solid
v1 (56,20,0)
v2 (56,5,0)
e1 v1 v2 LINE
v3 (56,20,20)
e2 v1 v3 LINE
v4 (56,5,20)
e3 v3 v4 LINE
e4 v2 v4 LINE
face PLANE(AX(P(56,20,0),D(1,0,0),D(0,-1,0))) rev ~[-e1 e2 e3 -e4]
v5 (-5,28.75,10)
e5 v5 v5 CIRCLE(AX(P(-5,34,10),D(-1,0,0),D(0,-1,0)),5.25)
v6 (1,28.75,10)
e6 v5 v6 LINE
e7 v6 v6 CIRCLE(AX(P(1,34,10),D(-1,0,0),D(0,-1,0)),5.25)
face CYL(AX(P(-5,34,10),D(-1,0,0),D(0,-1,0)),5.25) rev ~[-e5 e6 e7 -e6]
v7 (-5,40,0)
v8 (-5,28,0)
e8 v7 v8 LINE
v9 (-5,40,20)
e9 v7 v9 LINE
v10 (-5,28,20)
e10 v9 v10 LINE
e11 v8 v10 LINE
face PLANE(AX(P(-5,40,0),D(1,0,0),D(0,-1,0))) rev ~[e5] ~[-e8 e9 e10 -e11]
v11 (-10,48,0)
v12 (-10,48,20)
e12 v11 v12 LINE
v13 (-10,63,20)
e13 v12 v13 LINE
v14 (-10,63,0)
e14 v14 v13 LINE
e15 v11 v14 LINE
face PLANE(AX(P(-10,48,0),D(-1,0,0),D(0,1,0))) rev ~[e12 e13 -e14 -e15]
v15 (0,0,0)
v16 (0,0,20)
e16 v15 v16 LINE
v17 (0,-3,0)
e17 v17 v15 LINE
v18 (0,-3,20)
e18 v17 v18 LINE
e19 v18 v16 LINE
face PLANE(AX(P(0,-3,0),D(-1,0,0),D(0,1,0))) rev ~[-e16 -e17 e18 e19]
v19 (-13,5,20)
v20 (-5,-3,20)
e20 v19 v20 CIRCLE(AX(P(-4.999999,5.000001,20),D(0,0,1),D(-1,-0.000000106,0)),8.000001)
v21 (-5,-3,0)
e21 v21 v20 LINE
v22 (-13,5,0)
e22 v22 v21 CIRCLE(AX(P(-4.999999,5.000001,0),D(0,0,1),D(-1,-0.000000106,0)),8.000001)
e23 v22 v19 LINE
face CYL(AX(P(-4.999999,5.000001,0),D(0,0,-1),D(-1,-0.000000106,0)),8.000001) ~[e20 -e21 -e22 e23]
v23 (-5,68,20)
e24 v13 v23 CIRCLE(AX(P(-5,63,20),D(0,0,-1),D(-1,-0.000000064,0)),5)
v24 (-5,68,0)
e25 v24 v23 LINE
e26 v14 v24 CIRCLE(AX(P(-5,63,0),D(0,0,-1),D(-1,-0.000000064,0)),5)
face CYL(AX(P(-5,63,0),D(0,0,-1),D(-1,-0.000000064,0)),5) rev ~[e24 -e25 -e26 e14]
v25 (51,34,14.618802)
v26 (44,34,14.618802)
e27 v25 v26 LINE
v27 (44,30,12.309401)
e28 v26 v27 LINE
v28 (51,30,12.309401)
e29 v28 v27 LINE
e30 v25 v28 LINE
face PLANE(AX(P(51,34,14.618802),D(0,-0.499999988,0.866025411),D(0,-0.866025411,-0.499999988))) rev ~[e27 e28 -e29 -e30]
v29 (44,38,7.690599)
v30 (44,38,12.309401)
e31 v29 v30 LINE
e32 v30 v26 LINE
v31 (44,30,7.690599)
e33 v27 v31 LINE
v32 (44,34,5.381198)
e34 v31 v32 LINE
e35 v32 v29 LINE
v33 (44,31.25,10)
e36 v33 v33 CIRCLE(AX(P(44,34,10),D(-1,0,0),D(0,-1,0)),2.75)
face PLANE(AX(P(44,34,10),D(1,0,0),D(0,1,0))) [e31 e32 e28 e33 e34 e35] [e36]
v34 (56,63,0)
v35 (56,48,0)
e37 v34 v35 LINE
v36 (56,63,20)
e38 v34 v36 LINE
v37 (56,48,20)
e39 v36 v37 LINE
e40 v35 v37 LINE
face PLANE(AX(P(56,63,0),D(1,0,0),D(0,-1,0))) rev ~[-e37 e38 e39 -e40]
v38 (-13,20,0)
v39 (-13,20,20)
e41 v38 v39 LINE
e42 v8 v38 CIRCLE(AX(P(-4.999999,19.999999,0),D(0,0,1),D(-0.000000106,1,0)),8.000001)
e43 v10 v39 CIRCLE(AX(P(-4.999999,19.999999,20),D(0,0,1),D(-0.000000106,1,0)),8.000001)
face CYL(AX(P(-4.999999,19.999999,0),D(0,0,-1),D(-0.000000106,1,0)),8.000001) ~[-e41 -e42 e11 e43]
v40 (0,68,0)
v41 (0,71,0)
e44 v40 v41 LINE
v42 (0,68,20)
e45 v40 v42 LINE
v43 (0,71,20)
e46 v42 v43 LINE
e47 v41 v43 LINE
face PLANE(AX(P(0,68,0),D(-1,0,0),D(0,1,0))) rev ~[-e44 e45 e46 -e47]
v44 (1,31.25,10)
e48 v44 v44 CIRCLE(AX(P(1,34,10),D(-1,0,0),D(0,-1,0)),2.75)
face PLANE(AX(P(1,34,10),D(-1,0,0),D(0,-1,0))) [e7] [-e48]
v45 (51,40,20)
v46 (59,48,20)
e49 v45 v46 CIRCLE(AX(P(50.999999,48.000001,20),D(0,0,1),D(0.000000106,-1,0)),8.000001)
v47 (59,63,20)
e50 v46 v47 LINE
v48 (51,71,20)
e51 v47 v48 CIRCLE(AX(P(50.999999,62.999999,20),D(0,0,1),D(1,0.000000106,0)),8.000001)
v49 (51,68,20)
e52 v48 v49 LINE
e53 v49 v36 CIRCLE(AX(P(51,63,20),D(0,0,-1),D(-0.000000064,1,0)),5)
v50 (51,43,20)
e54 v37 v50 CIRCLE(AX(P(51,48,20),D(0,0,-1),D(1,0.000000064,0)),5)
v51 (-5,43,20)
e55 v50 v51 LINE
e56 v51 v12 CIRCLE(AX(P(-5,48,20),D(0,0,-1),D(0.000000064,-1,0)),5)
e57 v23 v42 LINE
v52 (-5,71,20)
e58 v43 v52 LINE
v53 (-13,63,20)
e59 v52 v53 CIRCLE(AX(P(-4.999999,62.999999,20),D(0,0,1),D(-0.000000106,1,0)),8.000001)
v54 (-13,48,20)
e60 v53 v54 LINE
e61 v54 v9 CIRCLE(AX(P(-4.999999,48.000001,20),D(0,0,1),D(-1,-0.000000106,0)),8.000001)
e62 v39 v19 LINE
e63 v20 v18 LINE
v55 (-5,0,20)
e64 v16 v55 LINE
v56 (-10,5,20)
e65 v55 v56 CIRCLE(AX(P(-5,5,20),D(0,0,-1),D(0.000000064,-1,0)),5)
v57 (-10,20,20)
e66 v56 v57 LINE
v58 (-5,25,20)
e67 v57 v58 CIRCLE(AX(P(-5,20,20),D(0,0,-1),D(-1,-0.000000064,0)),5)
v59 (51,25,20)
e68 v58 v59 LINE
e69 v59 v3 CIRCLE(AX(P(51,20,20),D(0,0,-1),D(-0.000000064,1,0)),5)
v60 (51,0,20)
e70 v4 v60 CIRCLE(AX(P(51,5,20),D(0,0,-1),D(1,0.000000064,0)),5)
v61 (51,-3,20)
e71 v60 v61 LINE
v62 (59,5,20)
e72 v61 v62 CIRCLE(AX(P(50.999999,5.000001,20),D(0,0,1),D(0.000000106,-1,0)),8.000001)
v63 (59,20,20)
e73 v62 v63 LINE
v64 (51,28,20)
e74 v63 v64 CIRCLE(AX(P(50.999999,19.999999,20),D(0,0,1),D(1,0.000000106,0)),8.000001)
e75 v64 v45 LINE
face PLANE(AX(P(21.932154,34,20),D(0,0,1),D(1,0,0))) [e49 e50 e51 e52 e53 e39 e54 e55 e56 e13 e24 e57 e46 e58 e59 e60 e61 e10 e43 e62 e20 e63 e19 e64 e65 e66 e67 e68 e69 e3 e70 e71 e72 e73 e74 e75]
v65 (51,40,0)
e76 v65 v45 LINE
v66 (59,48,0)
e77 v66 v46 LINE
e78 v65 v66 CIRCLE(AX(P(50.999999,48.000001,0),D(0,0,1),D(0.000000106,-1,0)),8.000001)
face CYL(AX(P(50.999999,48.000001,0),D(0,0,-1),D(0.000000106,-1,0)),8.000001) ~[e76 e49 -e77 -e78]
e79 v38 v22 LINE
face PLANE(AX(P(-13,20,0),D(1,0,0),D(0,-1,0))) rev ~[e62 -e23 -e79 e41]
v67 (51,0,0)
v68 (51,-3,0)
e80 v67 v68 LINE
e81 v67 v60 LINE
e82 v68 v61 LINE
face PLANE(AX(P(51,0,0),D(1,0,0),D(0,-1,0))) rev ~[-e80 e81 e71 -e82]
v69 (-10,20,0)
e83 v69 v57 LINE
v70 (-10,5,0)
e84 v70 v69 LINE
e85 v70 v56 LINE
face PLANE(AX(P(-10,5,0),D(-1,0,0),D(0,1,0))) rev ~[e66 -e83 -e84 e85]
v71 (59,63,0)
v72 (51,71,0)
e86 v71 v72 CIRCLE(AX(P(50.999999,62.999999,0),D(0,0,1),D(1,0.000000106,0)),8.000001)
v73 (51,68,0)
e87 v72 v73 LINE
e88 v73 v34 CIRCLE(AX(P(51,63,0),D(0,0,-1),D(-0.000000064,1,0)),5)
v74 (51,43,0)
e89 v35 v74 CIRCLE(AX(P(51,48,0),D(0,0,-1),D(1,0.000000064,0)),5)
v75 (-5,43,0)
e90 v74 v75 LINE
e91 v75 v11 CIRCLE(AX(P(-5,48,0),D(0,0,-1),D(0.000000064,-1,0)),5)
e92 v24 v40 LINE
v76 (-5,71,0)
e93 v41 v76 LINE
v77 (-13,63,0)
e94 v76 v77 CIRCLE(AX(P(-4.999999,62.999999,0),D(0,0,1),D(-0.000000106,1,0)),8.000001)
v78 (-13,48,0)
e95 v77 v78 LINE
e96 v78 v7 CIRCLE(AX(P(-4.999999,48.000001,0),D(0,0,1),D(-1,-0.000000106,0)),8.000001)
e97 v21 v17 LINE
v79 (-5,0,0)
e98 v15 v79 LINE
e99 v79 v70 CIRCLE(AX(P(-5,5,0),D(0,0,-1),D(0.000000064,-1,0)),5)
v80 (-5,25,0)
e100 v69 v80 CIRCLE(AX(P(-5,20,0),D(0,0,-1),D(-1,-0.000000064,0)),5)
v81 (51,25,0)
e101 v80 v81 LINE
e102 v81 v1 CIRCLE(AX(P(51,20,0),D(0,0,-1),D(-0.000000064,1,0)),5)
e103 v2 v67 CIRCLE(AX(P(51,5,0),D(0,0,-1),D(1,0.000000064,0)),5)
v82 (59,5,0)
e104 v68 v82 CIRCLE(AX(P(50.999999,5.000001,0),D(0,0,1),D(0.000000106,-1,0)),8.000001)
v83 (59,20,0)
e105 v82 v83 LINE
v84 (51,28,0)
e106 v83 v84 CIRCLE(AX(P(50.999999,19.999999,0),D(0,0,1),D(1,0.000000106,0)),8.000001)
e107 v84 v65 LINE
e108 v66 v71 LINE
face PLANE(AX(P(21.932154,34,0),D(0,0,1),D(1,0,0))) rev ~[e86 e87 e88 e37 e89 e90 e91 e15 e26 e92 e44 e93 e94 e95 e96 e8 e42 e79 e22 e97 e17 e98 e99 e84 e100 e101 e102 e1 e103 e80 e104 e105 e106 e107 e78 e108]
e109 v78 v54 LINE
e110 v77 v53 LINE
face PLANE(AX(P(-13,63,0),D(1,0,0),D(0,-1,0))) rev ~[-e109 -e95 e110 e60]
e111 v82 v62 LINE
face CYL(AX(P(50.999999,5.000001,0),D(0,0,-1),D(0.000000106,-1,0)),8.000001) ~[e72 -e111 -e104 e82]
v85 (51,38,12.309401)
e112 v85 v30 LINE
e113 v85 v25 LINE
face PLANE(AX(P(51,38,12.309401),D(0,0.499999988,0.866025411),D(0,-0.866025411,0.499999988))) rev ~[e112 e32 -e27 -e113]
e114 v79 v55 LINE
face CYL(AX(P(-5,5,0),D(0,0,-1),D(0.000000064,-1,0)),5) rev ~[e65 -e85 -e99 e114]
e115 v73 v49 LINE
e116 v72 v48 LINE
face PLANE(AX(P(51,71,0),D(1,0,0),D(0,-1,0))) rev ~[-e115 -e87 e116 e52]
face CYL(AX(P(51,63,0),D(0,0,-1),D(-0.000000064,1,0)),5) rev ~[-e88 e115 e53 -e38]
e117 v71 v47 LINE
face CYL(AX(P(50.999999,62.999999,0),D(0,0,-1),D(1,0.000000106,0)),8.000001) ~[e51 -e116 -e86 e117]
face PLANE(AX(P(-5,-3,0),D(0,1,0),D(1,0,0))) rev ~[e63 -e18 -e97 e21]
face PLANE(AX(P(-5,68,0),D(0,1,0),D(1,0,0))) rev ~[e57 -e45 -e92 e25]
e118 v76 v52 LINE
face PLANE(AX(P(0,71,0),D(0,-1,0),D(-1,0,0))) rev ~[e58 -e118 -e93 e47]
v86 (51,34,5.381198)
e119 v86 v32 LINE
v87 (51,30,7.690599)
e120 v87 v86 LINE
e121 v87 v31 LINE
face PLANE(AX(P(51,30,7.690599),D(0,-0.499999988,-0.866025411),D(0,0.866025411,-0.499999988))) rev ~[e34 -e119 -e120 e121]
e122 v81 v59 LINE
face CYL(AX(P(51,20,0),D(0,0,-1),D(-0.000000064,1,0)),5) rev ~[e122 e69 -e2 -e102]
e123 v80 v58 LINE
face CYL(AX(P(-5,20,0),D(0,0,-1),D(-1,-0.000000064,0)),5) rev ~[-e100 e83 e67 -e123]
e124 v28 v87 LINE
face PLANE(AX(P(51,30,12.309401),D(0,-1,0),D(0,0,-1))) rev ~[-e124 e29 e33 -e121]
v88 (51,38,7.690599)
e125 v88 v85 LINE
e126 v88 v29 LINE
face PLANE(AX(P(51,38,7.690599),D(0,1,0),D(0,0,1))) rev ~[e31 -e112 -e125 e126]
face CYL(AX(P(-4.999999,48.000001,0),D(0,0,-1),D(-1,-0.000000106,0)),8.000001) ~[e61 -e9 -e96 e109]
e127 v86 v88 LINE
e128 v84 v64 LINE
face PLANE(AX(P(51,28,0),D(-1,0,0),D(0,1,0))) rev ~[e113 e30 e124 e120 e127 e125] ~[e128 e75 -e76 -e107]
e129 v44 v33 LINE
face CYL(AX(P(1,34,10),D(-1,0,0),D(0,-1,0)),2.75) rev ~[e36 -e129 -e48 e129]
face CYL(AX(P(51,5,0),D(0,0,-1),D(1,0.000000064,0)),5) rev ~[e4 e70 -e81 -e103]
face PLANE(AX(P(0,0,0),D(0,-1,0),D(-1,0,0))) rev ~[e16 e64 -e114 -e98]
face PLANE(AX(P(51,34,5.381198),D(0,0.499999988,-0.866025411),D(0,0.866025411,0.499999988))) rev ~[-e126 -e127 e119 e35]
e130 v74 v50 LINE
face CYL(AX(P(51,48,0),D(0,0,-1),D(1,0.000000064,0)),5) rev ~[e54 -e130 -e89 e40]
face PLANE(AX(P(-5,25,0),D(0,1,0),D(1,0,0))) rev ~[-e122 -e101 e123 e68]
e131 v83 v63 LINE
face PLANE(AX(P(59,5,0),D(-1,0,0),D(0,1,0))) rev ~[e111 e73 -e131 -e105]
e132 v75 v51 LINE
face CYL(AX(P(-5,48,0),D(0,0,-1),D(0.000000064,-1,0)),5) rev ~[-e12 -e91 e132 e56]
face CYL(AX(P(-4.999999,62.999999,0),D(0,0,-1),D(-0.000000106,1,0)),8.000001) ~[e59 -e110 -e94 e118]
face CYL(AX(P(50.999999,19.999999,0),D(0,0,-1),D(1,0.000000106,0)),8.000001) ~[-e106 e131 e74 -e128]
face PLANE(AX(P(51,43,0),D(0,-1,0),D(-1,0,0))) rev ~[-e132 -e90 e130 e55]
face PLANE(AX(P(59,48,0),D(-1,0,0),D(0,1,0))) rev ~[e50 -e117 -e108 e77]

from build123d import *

# Parameters (mm, degrees)
F1_DEPTH = 20
F2_R     = 5.25
F3_DEPTH = 6
F5_DEPTH = 7
F6_R     = 2.75
F7_DEPTH = 58.001


with BuildPart() as f1:
    # F0 (on Top) → F1 (new body)
    with BuildSketch(Plane.XY):
        with BuildLine():
            ThreePointArc((-5, 0), (-8.535534, 1.464466), (-10, 5))
            Line((-10, 5), (-10, 20))
            ThreePointArc((-10, 20), (-8.535534, 23.535534), (-5, 25))
            Line((-5, 25), (51, 25))
            ThreePointArc((51, 25), (54.535534, 23.535534), (56, 20))
            Line((56, 20), (56, 5))
            ThreePointArc((56, 5), (54.535534, 1.464466), (51, 0))
            Line((51, 0), (51, -3))
            ThreePointArc((51, -3), (56.656854, -0.656854), (59, 5))
            Line((59, 5), (59, 20))
            ThreePointArc((59, 20), (56.656854, 25.656854), (51, 28))
            Line((51, 28), (51, 40))
            ThreePointArc((51, 40), (56.656854, 42.343146), (59, 48))
            Line((59, 48), (59, 63))
            ThreePointArc((59, 63), (56.656854, 68.656854), (51, 71))
            Line((51, 71), (51, 68))
            ThreePointArc((51, 68), (54.535534, 66.535534), (56, 63))
            Line((56, 63), (56, 48))
            ThreePointArc((56, 48), (54.535534, 44.464466), (51, 43))
            Line((51, 43), (-5, 43))
            ThreePointArc((-5, 43), (-8.535534, 44.464466), (-10, 48))
            Line((-10, 48), (-10, 63))
            ThreePointArc((-10, 63), (-8.535534, 66.535534), (-5, 68))
            Line((-5, 68), (0, 68))
            Line((0, 68), (0, 71))
            Line((0, 71), (-5, 71))
            ThreePointArc((-5, 71), (-10.656854, 68.656854), (-13, 63))
            Line((-13, 63), (-13, 48))
            ThreePointArc((-13, 48), (-10.656854, 42.343146), (-5, 40))
            Line((-5, 40), (-5, 28))
            ThreePointArc((-5, 28), (-10.656854, 25.656854), (-13, 20))
            Line((-13, 20), (-13, 5))
            ThreePointArc((-13, 5), (-10.656854, -0.656854), (-5, -3))
            Line((-5, -3), (0, -3))
            Line((0, -3), (0, 0))
            Line((0, 0), (-5, 0))
        make_face()
    extrude(amount=F1_DEPTH)

    # F2 (on face) → F3 (cut)
    with BuildSketch(Plane(origin=(-5, 0, 0), x_dir=(0, -1, 0), z_dir=(-1, 0, 0))):
        with Locations((-34, 10)):
            Circle(F2_R)
    extrude(amount=-F3_DEPTH, mode=Mode.SUBTRACT)

    # F4 (on face) → F5 (cut)
    with BuildSketch(Plane.YZ.offset(51)):
        Polygon((38, 7.690599), (38, 12.309401), (34, 14.618802), (30, 12.309401), (30, 7.690599), (34, 5.381198), align=None)
    extrude(amount=-F5_DEPTH, mode=Mode.SUBTRACT)

    # F6 (on face) → F7 (cut, through all)
    with BuildSketch(Plane(origin=(1, 0, 0), x_dir=(0, -1, 0), z_dir=(-1, 0, 0))):
        with Locations((-34, 10)):
            Circle(F6_R)
    extrude(amount=-F7_DEPTH, mode=Mode.SUBTRACT)


solid = f1.part
